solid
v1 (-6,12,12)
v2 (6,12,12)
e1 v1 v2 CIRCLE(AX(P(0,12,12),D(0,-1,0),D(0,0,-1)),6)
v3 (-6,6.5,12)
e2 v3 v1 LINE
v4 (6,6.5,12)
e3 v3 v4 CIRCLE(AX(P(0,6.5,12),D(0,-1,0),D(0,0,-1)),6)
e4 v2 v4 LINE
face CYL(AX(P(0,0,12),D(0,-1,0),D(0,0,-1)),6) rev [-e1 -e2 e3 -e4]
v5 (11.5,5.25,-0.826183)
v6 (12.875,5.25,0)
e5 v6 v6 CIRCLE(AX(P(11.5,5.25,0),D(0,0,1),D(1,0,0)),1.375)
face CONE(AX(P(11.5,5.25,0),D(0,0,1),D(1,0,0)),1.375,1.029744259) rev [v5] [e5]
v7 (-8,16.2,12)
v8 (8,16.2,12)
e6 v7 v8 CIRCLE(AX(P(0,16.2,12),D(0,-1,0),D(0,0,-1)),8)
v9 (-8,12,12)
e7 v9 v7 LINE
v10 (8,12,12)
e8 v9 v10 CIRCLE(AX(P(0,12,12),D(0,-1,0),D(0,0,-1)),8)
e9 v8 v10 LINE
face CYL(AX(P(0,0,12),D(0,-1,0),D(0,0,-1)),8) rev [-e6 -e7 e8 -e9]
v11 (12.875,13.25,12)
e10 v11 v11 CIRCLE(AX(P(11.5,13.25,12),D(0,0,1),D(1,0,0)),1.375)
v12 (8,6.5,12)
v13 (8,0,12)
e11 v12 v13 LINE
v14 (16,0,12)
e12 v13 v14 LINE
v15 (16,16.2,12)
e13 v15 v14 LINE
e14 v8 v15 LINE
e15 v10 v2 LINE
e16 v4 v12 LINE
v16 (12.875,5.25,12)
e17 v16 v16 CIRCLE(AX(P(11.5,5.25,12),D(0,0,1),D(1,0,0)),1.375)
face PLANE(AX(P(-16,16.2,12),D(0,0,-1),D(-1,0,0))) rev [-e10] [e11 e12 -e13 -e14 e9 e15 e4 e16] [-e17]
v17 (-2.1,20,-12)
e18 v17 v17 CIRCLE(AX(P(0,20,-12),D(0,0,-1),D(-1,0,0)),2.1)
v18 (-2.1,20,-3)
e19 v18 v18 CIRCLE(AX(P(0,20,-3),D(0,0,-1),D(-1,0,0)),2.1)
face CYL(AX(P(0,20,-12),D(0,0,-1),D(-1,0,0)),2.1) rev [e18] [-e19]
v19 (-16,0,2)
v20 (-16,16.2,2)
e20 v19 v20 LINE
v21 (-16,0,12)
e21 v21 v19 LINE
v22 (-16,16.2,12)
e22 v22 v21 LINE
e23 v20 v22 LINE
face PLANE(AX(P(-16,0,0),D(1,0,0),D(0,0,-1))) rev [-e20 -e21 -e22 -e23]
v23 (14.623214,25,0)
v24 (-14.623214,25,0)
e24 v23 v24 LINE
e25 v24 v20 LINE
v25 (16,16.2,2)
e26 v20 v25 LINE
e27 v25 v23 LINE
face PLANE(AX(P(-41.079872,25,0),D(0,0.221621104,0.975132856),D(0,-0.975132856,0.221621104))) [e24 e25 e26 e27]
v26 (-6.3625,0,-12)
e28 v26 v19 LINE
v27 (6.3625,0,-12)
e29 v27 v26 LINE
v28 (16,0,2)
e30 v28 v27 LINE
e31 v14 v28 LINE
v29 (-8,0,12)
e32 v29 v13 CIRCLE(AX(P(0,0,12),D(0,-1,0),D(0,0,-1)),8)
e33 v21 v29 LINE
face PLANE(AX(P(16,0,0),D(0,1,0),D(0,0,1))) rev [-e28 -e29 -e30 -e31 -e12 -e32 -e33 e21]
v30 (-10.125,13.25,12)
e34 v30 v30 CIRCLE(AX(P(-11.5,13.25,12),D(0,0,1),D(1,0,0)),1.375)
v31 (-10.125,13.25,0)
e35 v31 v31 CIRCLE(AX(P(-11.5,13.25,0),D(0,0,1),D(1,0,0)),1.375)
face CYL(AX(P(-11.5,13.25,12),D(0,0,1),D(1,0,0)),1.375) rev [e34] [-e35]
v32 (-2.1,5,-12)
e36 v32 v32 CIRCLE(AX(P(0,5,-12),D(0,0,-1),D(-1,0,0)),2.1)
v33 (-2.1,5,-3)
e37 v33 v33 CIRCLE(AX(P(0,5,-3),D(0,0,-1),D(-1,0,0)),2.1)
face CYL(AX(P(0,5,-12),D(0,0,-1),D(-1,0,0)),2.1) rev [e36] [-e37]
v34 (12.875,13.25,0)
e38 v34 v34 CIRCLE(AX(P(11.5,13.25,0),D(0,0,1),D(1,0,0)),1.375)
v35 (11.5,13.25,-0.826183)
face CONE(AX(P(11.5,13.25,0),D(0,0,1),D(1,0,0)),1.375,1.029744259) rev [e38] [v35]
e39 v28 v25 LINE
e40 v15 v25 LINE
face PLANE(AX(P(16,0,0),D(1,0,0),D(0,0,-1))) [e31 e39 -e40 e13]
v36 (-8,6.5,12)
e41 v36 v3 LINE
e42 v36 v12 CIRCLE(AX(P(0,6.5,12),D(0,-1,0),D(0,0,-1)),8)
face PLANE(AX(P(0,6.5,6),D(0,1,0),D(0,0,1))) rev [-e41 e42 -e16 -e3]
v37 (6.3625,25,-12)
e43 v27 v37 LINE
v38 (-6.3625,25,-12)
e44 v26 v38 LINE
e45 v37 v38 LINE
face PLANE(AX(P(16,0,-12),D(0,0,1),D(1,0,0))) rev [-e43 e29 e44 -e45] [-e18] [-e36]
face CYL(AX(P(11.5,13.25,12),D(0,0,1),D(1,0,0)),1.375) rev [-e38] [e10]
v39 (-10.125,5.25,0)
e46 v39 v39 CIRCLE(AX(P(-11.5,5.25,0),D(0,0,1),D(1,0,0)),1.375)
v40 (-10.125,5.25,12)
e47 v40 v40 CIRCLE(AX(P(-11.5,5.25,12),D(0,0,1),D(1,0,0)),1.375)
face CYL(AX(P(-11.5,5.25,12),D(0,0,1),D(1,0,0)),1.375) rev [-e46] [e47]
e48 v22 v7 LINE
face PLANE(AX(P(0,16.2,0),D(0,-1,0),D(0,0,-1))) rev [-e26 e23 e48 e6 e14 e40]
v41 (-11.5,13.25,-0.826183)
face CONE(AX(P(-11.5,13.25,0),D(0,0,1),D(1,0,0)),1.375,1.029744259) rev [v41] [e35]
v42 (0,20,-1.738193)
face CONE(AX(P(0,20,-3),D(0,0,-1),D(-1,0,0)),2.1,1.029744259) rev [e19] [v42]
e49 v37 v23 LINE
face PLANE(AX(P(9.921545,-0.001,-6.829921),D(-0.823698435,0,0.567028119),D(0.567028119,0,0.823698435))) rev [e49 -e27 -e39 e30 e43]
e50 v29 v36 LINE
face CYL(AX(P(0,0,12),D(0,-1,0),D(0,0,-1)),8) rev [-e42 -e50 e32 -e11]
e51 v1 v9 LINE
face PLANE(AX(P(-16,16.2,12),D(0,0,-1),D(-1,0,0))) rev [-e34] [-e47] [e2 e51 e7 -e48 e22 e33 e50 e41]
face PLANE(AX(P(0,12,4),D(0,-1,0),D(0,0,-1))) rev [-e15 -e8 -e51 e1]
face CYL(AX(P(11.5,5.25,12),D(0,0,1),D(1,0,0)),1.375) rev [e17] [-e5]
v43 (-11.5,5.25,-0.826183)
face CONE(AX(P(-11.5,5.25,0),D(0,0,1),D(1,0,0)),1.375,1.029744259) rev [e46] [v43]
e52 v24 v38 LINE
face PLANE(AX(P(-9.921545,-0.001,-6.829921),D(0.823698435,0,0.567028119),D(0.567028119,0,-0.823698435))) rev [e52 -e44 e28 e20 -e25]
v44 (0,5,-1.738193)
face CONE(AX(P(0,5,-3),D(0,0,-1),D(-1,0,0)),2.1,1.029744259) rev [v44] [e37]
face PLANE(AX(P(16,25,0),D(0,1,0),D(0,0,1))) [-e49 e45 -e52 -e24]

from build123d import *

# Parameters (mm, degrees)
SKETCH1_W                 = 12
SKETCH1_H                 = 25
BOSS_EXTRUDE1_DEPTH       = 16
SKETCH2_W                 = 32
SKETCH2_H                 = 10
BOSS_EXTRUDE2_DEPTH       = 16.2
BOSS_EXTRUDE3_DEPTH       = 32
M5X0_8_TAPPED_HOLE1_D     = 4.2
M5X0_8_TAPPED_HOLE1_DEPTH = 9
M5X0_8_TAPPED_HOLE1_TIP   = 1.2618073
CUT_EXTRUDE2_REACH        = 27
M3X0_5_TAPPED_HOLE1_D     = 2.75
M3X0_5_TAPPED_HOLE1_DEPTH = 12
M3X0_5_TAPPED_HOLE1_TIP   = 0.826183351


with BuildPart() as part:
    # Sketch1 → Boss-Extrude1 (new body, symmetric)
    with BuildSketch(Plane(origin=(0, 0, 0), x_dir=(0, 0, -1), z_dir=(1, 0, 0))):
        with Locations((6, 12.5)):
            Rectangle(SKETCH1_W, SKETCH1_H)
    extrude(amount=BOSS_EXTRUDE1_DEPTH, both=True)



with BuildPart() as body_2:
    # Sketch2 → Boss-Extrude2 (new body)
    with BuildSketch(Plane(origin=(0, 0, 0), x_dir=(1, 0, 0), z_dir=(0, 1, 0))):
        with Locations((0, -7)):
            Rectangle(SKETCH2_W, SKETCH2_H)
    extrude(amount=BOSS_EXTRUDE2_DEPTH)


with BuildPart() as part_1:
    add(part.part)

    add(body_2.part)  # Boss-Extrude3 merges body 2
    # Sketch3 → Boss-Extrude3 (add)
    with BuildSketch(Plane(origin=(16, 0, 0), x_dir=(0, 0, -1), z_dir=(1, 0, 0))):
        Polygon((-2, 0), (-2, 16.2), (0, 25), (0, 0), align=None)
    extrude(amount=-BOSS_EXTRUDE3_DEPTH)

    # M5x0.8 Tapped Hole1
    with Locations(Plane(origin=(0, 0, -12), x_dir=(-1, 0, 0), z_dir=(0, 0, -1))):
        with Locations((0, 20), (0, 5)):
            Hole(M5X0_8_TAPPED_HOLE1_D / 2, depth=M5X0_8_TAPPED_HOLE1_DEPTH)
            with Locations((0, 0, -(M5X0_8_TAPPED_HOLE1_DEPTH + M5X0_8_TAPPED_HOLE1_TIP / 2))):  # 118° drill point
                Cone(0, M5X0_8_TAPPED_HOLE1_D / 2, M5X0_8_TAPPED_HOLE1_TIP, mode=Mode.SUBTRACT)

    # Sketch9 → Cut-Revolve1 (revolve, cut)
    with BuildSketch(Plane(origin=(0, 0, 0), x_dir=(0, 0, -1), z_dir=(1, 0, 0))):
        Polygon((-12, 16.2), (-4, 16.2), (-4, 12), (-6, 12), (-6, 6.5), (-4, 6.5), (-4, 0), (-12, 0), align=None)
    revolve(axis=Axis((0, 0, 12), (0, 1, 0)), mode=Mode.SUBTRACT)

    # Sketch10 → Cut-Extrude2 (cut, up to next)
    with BuildSketch(Plane(origin=(0, 25, 0), x_dir=(1, 0, 0), z_dir=(0, 1, 0)), mode=Mode.PRIVATE) as cut_extrude2_sk1:
        Polygon((6.3625, 12), (14.623214286, 0), (16, 0), (16, 12), align=None)
    cut_extrude2_tool1 = extrude(cut_extrude2_sk1.sketch, amount=-CUT_EXTRUDE2_REACH, mode=Mode.PRIVATE) & part_1.part
    add(cut_extrude2_tool1.solids().sort_by_distance((12.730134, 25, -7.5))[0], mode=Mode.SUBTRACT)
    # Sketch10 → Cut-Extrude2 (cut, up to next)
    with BuildSketch(Plane(origin=(0, 25, 0), x_dir=(1, 0, 0), z_dir=(0, 1, 0)), mode=Mode.PRIVATE) as cut_extrude2_sk2:
        Polygon((16, 0), (14.623214286, 0), (16, -2), align=None)
    cut_extrude2_tool2 = extrude(cut_extrude2_sk2.sketch, amount=-CUT_EXTRUDE2_REACH, mode=Mode.PRIVATE) & part_1.part
    add(cut_extrude2_tool2.solids().sort_by_distance((15.541071, 25, 0.666667))[0], mode=Mode.SUBTRACT)
    # Sketch10 → Cut-Extrude2 (cut, up to next)
    with BuildSketch(Plane(origin=(0, 25, 0), x_dir=(1, 0, 0), z_dir=(0, 1, 0)), mode=Mode.PRIVATE) as cut_extrude2_sk3:
        Polygon((-16, 0), (-14.623214286, 0), (-6.3625, 12), (-16, 12), align=None)
    cut_extrude2_tool3 = extrude(cut_extrude2_sk3.sketch, amount=-CUT_EXTRUDE2_REACH, mode=Mode.PRIVATE) & part_1.part
    add(cut_extrude2_tool3.solids().sort_by_distance((-12.730134, 25, -7.5))[0], mode=Mode.SUBTRACT)
    # Sketch10 → Cut-Extrude2 (cut, up to next)
    with BuildSketch(Plane(origin=(0, 25, 0), x_dir=(1, 0, 0), z_dir=(0, 1, 0)), mode=Mode.PRIVATE) as cut_extrude2_sk4:
        Polygon((-16, 0), (-16, -2), (-14.623214286, 0), align=None)
    cut_extrude2_tool4 = extrude(cut_extrude2_sk4.sketch, amount=-CUT_EXTRUDE2_REACH, mode=Mode.PRIVATE) & part_1.part
    add(cut_extrude2_tool4.solids().sort_by_distance((-15.541071, 25, 0.666667))[0], mode=Mode.SUBTRACT)

    # M3x0.5 Tapped Hole1
    with Locations(Plane.XY.offset(12)):
        with Locations((-11.5, 13.25), (11.5, 13.25), (-11.5, 5.25), (11.5, 5.25)):
            Hole(M3X0_5_TAPPED_HOLE1_D / 2, depth=M3X0_5_TAPPED_HOLE1_DEPTH)
            with Locations((0, 0, -(M3X0_5_TAPPED_HOLE1_DEPTH + M3X0_5_TAPPED_HOLE1_TIP / 2))):  # 118° drill point
                Cone(0, M3X0_5_TAPPED_HOLE1_D / 2, M3X0_5_TAPPED_HOLE1_TIP, mode=Mode.SUBTRACT)


solid = part_1.part
